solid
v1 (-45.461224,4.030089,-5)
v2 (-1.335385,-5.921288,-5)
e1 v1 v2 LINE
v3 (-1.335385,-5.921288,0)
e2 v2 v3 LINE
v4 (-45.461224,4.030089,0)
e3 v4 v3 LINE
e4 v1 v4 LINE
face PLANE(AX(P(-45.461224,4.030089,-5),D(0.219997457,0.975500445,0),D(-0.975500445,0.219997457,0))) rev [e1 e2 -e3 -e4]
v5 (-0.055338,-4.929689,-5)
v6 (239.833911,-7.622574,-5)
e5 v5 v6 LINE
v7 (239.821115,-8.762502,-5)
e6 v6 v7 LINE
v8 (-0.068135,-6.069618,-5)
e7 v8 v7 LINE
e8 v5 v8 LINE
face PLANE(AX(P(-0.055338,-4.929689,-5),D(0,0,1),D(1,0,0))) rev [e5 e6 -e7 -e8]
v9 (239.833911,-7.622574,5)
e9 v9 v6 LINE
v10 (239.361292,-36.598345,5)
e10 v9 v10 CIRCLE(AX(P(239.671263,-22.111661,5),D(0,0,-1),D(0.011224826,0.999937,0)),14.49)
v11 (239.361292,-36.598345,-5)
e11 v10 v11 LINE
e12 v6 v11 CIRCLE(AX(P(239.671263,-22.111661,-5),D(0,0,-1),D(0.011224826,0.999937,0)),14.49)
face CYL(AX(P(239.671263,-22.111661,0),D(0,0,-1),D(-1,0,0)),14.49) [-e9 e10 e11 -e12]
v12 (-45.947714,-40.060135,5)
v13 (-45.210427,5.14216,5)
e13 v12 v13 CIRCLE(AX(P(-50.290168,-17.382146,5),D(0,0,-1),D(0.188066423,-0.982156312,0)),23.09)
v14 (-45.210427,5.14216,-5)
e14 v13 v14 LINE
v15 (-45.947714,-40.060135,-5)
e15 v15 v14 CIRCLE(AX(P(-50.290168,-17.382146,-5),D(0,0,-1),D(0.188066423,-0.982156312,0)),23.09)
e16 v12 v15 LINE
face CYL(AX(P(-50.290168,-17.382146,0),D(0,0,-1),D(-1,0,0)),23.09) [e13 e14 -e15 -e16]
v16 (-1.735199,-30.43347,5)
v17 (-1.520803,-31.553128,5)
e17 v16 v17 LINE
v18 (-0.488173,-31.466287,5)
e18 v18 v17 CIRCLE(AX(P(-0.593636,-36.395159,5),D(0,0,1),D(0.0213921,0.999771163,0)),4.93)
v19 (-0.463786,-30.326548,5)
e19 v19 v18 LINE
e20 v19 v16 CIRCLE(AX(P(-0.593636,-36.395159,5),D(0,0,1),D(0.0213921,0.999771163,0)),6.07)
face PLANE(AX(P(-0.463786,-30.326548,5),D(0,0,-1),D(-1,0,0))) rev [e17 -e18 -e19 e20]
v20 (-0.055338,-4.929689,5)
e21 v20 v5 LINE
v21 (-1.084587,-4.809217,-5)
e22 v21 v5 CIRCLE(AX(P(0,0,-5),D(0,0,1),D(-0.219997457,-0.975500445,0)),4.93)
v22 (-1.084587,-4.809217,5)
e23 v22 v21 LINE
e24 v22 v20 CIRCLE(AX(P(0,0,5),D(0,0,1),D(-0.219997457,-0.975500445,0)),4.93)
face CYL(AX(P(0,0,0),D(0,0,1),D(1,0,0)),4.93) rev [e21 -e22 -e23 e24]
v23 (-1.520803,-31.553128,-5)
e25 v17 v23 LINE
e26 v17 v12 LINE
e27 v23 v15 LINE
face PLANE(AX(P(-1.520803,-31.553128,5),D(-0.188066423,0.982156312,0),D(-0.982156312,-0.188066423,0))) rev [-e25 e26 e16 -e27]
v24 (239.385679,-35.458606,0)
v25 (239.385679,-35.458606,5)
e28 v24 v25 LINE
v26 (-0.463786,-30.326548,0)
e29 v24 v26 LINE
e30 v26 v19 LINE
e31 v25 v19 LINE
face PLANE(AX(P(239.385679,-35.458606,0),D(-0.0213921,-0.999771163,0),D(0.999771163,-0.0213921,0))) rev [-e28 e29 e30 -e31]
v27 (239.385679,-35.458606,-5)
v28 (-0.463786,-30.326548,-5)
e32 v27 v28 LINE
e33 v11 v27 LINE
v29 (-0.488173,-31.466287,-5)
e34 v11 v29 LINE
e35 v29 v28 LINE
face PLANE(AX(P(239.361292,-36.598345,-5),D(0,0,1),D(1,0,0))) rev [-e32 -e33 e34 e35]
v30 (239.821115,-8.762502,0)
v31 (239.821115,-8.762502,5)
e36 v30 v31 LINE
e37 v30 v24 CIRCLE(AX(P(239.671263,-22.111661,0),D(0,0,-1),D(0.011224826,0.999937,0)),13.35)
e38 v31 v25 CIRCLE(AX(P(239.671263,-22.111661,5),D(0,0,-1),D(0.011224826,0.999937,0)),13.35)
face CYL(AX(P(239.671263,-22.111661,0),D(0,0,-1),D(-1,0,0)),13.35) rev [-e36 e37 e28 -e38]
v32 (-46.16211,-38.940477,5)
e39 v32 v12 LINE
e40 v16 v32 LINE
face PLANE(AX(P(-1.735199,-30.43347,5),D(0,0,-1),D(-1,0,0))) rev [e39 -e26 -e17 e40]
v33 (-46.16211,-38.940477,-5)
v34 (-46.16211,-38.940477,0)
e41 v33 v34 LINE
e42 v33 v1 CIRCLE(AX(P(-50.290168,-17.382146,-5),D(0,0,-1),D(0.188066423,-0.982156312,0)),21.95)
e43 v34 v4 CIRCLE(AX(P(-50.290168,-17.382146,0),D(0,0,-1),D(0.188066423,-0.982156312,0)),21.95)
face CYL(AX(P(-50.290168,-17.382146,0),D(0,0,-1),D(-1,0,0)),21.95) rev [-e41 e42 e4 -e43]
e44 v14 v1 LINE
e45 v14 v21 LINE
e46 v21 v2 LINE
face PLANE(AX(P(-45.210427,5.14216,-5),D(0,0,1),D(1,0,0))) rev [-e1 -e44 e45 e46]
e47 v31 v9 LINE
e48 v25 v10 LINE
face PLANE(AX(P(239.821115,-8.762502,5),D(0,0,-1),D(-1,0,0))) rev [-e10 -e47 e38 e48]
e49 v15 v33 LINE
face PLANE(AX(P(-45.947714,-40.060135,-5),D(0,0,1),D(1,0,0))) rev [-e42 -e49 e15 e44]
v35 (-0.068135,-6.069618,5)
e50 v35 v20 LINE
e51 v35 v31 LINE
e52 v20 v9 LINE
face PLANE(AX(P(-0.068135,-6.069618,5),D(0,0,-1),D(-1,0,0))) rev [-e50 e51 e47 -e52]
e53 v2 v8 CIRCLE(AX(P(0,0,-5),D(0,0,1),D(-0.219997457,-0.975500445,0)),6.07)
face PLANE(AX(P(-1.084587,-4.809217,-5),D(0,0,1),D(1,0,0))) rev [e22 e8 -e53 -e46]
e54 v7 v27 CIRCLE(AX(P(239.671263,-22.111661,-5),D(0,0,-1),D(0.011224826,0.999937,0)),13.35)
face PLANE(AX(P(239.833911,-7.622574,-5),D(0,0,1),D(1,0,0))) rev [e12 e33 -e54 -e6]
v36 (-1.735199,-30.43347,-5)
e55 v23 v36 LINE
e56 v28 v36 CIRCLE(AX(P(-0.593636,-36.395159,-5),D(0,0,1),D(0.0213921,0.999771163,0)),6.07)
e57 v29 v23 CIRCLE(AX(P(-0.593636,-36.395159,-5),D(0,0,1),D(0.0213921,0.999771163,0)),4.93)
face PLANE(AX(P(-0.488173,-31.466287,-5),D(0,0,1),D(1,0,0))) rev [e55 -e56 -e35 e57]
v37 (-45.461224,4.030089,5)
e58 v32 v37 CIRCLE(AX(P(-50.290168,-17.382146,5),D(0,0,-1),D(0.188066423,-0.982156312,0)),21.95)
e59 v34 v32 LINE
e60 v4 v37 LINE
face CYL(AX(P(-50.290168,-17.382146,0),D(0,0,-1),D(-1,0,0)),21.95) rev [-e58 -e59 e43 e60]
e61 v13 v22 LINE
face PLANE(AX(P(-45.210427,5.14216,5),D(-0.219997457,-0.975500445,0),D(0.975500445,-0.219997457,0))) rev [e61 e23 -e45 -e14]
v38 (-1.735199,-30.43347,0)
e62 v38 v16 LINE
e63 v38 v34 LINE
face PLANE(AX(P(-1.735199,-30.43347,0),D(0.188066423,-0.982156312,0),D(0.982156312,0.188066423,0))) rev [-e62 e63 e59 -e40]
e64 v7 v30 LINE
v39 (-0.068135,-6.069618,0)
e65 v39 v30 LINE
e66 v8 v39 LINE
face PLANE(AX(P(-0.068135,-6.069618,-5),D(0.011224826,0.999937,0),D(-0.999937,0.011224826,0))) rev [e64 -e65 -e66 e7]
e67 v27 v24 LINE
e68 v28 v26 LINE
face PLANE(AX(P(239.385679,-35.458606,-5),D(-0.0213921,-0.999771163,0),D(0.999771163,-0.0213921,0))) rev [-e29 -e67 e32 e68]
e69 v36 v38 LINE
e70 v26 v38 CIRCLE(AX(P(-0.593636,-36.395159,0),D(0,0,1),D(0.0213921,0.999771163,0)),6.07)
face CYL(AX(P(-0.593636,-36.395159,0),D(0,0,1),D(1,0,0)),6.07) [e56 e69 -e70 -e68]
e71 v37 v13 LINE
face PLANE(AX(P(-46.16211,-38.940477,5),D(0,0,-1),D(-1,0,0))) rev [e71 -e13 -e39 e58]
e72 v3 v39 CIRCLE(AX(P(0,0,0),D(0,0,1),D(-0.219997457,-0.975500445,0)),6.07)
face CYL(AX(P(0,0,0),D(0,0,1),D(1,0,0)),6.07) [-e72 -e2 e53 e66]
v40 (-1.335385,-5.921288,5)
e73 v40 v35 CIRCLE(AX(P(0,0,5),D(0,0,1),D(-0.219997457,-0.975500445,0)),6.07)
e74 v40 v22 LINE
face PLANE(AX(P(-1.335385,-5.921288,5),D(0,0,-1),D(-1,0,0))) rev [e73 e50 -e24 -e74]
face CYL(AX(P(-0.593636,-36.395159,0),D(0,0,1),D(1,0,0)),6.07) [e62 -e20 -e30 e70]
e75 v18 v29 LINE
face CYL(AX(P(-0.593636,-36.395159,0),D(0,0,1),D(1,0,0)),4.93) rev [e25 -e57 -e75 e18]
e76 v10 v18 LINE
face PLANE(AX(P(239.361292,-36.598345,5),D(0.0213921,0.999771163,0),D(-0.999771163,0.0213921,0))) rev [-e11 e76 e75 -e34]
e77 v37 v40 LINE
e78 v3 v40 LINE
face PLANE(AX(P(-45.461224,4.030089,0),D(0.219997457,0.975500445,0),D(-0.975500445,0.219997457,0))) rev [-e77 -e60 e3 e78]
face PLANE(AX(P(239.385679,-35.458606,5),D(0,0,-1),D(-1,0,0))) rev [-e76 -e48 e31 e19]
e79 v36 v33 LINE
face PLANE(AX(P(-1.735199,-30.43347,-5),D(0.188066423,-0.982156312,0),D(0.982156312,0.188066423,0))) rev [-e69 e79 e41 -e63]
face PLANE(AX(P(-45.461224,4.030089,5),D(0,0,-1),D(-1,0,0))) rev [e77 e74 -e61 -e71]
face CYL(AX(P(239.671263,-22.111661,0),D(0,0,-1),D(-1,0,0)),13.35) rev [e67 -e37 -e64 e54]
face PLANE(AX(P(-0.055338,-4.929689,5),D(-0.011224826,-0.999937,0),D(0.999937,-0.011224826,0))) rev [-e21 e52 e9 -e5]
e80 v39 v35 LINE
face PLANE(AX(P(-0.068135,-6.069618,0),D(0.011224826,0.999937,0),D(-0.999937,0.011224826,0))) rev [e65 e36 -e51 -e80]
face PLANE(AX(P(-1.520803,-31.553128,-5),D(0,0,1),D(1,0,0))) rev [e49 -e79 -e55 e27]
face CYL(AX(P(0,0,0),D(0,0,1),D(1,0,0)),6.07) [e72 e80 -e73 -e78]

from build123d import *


with BuildPart() as part:
    # Sweep1: sweep along a path in Sketch2
    with BuildLine(Plane.XY) as sweep1_path:
        Line((-0.068134692, -6.069617588), (239.821114694, -8.762502254))
        ThreePointArc((239.821114694, -8.762502254), (253.019487784, -22.329381995), (239.385678731, -35.458606224))
        Line((239.385678731, -35.458606224), (-0.463785683, -30.326548014))
        ThreePointArc((-0.463785683, -30.326548014), (-1.102309453, -30.346510276), (-1.735198918, -30.43347016))
        Line((-1.735198918, -30.43347016), (-46.162110126, -38.940476793))
        ThreePointArc((-46.162110126, -38.940476793), (-72.237248856, -17.024170339), (-45.461223928, 4.030089027))
        Line((-45.461223928, 4.030089027), (-1.335384562, -5.921287704))
        ThreePointArc((-1.335384562, -5.921287704), (-0.705667778, -6.028841762), (-0.068134692, -6.069617588))
    # Sketch5 → Sweep1 (sweep)
    with BuildSketch(Plane(origin=(-45.461223928, 4.030089027, 0), x_dir=(0, 0, 1), z_dir=(-0.9755004454434599, 0.21999745666623377, 0))):
        Polygon((0, 0), (5, 0), (5, 1.14), (-5, 1.14), (-5, 0), align=None)
    sweep(path=sweep1_path.line)


solid = part.part
